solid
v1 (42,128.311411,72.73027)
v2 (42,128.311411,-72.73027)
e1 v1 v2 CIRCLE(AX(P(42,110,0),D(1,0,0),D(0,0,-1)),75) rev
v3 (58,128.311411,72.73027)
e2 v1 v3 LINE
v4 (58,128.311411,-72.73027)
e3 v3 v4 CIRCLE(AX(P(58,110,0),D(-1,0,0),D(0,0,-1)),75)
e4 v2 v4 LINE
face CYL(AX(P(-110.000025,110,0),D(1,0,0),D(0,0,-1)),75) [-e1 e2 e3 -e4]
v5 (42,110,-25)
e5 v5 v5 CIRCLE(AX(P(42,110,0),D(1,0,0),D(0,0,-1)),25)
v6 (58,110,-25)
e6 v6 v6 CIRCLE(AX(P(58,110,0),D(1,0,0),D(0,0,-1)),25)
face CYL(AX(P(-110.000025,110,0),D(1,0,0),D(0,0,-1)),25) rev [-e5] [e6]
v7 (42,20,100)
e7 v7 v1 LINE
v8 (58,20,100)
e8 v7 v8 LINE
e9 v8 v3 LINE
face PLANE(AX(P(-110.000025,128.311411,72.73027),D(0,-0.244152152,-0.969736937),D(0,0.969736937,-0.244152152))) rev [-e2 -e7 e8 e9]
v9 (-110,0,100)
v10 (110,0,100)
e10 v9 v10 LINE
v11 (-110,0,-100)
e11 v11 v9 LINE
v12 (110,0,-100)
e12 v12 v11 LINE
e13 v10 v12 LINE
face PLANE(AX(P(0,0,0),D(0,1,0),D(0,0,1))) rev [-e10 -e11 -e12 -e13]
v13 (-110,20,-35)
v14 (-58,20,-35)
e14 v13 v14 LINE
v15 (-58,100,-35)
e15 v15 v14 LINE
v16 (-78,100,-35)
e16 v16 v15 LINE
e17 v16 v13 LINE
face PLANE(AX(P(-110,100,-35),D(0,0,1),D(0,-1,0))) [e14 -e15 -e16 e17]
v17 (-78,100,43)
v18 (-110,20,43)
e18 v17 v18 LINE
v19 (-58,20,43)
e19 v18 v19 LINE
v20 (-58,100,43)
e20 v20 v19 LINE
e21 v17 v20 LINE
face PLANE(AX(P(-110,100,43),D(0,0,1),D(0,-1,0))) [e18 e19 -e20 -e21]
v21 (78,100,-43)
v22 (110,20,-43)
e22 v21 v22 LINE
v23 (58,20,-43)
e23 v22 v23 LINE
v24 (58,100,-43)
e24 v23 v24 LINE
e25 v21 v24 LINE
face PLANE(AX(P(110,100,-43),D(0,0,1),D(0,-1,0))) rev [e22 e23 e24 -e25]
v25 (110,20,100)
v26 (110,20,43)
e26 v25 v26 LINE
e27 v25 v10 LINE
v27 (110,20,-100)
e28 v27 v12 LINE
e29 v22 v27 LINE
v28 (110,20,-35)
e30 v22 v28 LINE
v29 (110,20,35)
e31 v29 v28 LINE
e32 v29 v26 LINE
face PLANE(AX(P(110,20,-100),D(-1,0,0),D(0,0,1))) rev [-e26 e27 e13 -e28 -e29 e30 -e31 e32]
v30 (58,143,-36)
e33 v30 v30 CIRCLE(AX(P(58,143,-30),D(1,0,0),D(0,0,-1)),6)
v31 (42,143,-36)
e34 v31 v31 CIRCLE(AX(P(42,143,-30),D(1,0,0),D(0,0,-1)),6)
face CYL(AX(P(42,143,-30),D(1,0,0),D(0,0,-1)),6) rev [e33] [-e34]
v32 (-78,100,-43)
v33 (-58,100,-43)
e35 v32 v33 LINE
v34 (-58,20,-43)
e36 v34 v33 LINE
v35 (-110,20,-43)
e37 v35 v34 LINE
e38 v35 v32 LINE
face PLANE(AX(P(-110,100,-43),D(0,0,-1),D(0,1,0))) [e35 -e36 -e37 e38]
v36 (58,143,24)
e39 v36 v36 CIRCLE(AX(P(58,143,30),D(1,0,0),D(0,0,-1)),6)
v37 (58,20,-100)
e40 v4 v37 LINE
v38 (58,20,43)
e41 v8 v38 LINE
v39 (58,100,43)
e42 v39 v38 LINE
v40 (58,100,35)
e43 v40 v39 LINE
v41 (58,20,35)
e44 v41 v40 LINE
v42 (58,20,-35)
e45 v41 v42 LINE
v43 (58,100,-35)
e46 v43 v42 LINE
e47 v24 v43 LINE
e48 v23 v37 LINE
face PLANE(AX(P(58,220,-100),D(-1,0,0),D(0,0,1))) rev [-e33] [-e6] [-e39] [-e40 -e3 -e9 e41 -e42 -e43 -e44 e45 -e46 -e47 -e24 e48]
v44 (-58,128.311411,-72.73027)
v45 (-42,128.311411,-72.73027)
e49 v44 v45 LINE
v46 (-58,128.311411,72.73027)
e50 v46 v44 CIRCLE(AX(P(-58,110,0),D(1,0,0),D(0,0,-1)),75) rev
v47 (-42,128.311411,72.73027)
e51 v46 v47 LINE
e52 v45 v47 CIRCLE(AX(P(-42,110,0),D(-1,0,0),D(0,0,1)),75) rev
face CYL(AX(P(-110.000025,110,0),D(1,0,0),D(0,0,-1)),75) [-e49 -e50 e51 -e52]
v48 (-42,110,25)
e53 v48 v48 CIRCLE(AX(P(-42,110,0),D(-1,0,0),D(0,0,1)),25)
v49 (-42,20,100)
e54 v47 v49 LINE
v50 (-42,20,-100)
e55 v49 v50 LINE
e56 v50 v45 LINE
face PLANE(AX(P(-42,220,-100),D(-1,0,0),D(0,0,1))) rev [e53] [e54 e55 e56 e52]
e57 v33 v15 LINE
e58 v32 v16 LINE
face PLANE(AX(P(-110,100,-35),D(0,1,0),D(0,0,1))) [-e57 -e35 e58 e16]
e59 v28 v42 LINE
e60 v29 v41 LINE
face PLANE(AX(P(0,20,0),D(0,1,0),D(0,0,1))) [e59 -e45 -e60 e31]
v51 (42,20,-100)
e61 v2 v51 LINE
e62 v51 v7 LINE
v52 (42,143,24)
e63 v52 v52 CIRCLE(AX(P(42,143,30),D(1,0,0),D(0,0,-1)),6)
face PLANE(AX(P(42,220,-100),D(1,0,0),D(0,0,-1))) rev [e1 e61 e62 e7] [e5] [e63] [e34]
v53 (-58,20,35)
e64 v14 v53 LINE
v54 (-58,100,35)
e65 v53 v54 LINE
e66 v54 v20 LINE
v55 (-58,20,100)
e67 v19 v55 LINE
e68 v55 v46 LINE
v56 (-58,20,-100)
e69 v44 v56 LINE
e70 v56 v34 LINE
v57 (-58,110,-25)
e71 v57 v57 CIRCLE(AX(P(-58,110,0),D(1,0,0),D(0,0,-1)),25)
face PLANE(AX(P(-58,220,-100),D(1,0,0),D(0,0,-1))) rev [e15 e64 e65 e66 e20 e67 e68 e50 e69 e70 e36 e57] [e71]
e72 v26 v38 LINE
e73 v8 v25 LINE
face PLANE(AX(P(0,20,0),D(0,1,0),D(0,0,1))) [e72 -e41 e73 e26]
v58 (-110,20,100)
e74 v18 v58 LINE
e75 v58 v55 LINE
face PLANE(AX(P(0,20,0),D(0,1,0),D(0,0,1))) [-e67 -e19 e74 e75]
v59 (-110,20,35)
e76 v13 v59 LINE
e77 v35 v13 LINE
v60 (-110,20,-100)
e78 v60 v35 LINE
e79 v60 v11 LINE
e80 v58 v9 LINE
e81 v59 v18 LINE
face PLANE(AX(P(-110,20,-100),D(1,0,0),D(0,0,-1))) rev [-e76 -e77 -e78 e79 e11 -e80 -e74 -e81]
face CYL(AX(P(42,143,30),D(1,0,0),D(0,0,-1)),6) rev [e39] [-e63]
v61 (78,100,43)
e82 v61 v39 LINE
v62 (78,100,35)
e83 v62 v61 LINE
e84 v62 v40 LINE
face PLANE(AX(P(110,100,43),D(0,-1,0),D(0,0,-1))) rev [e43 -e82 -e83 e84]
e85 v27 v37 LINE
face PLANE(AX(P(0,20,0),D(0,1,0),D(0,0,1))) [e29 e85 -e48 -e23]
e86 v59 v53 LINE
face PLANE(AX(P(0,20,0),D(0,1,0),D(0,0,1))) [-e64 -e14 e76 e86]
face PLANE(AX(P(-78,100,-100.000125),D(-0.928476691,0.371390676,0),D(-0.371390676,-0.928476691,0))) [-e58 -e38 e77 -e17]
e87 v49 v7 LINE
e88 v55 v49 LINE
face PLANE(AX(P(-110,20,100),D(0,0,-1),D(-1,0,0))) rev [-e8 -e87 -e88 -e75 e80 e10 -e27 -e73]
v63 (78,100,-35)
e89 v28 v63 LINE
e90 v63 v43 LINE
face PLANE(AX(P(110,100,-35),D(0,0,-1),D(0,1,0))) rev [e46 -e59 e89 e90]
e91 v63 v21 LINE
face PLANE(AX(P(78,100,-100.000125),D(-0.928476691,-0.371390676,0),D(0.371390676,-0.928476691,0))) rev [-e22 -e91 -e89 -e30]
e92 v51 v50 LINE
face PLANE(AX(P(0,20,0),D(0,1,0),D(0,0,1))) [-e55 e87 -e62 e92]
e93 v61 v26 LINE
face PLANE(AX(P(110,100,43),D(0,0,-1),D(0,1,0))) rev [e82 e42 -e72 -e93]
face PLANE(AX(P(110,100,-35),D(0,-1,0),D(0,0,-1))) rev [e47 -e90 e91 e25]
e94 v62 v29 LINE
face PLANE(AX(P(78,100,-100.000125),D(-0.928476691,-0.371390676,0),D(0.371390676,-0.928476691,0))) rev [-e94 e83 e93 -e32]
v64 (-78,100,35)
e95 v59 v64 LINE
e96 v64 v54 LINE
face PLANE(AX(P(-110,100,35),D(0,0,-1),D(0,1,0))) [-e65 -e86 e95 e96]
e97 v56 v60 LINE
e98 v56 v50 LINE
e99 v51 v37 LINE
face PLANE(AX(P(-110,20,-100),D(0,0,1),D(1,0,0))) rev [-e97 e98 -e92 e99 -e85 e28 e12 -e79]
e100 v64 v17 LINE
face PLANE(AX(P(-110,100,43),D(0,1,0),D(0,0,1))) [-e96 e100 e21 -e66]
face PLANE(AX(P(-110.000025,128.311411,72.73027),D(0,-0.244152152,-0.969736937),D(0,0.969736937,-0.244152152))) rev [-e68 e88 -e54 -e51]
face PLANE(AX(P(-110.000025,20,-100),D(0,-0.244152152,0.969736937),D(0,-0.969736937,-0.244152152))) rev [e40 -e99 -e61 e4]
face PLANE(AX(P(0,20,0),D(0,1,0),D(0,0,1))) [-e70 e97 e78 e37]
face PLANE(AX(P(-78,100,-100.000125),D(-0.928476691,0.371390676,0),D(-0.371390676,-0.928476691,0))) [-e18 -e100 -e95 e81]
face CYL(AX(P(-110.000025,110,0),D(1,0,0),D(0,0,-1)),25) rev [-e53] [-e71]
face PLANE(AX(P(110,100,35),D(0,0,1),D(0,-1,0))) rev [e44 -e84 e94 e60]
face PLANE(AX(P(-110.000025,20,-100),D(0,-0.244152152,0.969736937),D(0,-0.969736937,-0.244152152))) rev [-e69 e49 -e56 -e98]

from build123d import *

# Parameters (mm, degrees)
SKETCH_1_W          = 220
SKETCH_1_H          = 200
EXTRUDE_1_DEPTH     = 20
SKETCH_2_W          = 16
SKETCH_2_H          = 200
EXTRUDE_2_DEPTH     = 200
SKETCH_3_R          = 25
CUT_EXTRUDE_1_DEPTH = 295.319554226
SKETCH_4_W          = 8
SKETCH_4_H          = 80
EXTRUDE_3_DEPTH     = 52
CUT_EXTRUDE_2_DEPTH = 259.406656261
SKETCH_6_R          = 6
CUT_EXTRUDE_3_DEPTH = 16


with BuildPart() as part:
    # 草图1 → 凸台-拉伸1 (new body)
    with BuildSketch(Plane(origin=(0, 0, 0), x_dir=(1, 0, 0), z_dir=(0, 1, 0))):
        Rectangle(SKETCH_1_W, SKETCH_1_H)
    extrude(amount=EXTRUDE_1_DEPTH)

    # 草图2 → 凸台-拉伸2 (add)
    with BuildSketch(Plane(origin=(0, 20, 0), x_dir=(1, 0, 0), z_dir=(0, 1, 0))):
        with Locations((-50, 0)):
            Rectangle(SKETCH_2_W, SKETCH_2_H)
        with Locations((50, 0)):
            Rectangle(SKETCH_2_W, SKETCH_2_H)
    extrude(amount=EXTRUDE_2_DEPTH)

    # 草图3 → 切除-拉伸1 (cut, through all)
    with BuildSketch(Plane(origin=(58, 0, 0), x_dir=(0, 0, -1), z_dir=(1, 0, 0))):
        with Locations((0, 110)):
            Circle(SKETCH_3_R)
        with BuildLine():
            Line((-72.730270262, 128.311411403), (-100, 20))
            Line((-100, 20), (-100, 220))
            Line((-100, 220), (100, 220))
            Line((100, 220), (100, 20))
            Line((100, 20), (72.730270262, 128.311411403))
            ThreePointArc((72.730270262, 128.311411403), (0, 185), (-72.730270262, 128.311411403))
        make_face()
    extrude(amount=-CUT_EXTRUDE_1_DEPTH, mode=Mode.SUBTRACT)

    # 草图4 → 凸台-拉伸3 (add)
    with BuildSketch(Plane(origin=(58, 0, 0), x_dir=(0, 0, -1), z_dir=(1, 0, 0))):
        with Locations((-39, 60)):
            Rectangle(SKETCH_4_W, SKETCH_4_H)
        with Locations((39, 60)):
            Rectangle(SKETCH_4_W, SKETCH_4_H)
    extrude_3 = extrude(amount=EXTRUDE_3_DEPTH)

    # 草图5 → 切除-拉伸2 (cut, through all)
    with BuildSketch(Plane.XY.offset(43)):
        Polygon((110, 100), (78, 100), (110, 20), align=None)
    cut_extrude_2 = extrude(amount=-CUT_EXTRUDE_2_DEPTH, mode=Mode.SUBTRACT)

    # 镜向1: 凸台-拉伸3, 切除-拉伸2 across plane
    add(extrude_3.mirror(Plane(origin=(0, 0, 0), x_dir=(0, 0, 1), z_dir=(1, 0, 0))))
    add(cut_extrude_2.mirror(Plane(origin=(0, 0, 0), x_dir=(0, 0, 1), z_dir=(1, 0, 0))), mode=Mode.SUBTRACT)

    # 草图6 → 切除-拉伸3 (cut)
    with BuildSketch(Plane(origin=(58, 0, 0), x_dir=(0, 0, -1), z_dir=(1, 0, 0))):
        with Locations((-30, 143)):
            Circle(SKETCH_6_R)
        with Locations((30, 143)):
            Circle(SKETCH_6_R)
    extrude(amount=-CUT_EXTRUDE_3_DEPTH, mode=Mode.SUBTRACT)


solid = part.part
